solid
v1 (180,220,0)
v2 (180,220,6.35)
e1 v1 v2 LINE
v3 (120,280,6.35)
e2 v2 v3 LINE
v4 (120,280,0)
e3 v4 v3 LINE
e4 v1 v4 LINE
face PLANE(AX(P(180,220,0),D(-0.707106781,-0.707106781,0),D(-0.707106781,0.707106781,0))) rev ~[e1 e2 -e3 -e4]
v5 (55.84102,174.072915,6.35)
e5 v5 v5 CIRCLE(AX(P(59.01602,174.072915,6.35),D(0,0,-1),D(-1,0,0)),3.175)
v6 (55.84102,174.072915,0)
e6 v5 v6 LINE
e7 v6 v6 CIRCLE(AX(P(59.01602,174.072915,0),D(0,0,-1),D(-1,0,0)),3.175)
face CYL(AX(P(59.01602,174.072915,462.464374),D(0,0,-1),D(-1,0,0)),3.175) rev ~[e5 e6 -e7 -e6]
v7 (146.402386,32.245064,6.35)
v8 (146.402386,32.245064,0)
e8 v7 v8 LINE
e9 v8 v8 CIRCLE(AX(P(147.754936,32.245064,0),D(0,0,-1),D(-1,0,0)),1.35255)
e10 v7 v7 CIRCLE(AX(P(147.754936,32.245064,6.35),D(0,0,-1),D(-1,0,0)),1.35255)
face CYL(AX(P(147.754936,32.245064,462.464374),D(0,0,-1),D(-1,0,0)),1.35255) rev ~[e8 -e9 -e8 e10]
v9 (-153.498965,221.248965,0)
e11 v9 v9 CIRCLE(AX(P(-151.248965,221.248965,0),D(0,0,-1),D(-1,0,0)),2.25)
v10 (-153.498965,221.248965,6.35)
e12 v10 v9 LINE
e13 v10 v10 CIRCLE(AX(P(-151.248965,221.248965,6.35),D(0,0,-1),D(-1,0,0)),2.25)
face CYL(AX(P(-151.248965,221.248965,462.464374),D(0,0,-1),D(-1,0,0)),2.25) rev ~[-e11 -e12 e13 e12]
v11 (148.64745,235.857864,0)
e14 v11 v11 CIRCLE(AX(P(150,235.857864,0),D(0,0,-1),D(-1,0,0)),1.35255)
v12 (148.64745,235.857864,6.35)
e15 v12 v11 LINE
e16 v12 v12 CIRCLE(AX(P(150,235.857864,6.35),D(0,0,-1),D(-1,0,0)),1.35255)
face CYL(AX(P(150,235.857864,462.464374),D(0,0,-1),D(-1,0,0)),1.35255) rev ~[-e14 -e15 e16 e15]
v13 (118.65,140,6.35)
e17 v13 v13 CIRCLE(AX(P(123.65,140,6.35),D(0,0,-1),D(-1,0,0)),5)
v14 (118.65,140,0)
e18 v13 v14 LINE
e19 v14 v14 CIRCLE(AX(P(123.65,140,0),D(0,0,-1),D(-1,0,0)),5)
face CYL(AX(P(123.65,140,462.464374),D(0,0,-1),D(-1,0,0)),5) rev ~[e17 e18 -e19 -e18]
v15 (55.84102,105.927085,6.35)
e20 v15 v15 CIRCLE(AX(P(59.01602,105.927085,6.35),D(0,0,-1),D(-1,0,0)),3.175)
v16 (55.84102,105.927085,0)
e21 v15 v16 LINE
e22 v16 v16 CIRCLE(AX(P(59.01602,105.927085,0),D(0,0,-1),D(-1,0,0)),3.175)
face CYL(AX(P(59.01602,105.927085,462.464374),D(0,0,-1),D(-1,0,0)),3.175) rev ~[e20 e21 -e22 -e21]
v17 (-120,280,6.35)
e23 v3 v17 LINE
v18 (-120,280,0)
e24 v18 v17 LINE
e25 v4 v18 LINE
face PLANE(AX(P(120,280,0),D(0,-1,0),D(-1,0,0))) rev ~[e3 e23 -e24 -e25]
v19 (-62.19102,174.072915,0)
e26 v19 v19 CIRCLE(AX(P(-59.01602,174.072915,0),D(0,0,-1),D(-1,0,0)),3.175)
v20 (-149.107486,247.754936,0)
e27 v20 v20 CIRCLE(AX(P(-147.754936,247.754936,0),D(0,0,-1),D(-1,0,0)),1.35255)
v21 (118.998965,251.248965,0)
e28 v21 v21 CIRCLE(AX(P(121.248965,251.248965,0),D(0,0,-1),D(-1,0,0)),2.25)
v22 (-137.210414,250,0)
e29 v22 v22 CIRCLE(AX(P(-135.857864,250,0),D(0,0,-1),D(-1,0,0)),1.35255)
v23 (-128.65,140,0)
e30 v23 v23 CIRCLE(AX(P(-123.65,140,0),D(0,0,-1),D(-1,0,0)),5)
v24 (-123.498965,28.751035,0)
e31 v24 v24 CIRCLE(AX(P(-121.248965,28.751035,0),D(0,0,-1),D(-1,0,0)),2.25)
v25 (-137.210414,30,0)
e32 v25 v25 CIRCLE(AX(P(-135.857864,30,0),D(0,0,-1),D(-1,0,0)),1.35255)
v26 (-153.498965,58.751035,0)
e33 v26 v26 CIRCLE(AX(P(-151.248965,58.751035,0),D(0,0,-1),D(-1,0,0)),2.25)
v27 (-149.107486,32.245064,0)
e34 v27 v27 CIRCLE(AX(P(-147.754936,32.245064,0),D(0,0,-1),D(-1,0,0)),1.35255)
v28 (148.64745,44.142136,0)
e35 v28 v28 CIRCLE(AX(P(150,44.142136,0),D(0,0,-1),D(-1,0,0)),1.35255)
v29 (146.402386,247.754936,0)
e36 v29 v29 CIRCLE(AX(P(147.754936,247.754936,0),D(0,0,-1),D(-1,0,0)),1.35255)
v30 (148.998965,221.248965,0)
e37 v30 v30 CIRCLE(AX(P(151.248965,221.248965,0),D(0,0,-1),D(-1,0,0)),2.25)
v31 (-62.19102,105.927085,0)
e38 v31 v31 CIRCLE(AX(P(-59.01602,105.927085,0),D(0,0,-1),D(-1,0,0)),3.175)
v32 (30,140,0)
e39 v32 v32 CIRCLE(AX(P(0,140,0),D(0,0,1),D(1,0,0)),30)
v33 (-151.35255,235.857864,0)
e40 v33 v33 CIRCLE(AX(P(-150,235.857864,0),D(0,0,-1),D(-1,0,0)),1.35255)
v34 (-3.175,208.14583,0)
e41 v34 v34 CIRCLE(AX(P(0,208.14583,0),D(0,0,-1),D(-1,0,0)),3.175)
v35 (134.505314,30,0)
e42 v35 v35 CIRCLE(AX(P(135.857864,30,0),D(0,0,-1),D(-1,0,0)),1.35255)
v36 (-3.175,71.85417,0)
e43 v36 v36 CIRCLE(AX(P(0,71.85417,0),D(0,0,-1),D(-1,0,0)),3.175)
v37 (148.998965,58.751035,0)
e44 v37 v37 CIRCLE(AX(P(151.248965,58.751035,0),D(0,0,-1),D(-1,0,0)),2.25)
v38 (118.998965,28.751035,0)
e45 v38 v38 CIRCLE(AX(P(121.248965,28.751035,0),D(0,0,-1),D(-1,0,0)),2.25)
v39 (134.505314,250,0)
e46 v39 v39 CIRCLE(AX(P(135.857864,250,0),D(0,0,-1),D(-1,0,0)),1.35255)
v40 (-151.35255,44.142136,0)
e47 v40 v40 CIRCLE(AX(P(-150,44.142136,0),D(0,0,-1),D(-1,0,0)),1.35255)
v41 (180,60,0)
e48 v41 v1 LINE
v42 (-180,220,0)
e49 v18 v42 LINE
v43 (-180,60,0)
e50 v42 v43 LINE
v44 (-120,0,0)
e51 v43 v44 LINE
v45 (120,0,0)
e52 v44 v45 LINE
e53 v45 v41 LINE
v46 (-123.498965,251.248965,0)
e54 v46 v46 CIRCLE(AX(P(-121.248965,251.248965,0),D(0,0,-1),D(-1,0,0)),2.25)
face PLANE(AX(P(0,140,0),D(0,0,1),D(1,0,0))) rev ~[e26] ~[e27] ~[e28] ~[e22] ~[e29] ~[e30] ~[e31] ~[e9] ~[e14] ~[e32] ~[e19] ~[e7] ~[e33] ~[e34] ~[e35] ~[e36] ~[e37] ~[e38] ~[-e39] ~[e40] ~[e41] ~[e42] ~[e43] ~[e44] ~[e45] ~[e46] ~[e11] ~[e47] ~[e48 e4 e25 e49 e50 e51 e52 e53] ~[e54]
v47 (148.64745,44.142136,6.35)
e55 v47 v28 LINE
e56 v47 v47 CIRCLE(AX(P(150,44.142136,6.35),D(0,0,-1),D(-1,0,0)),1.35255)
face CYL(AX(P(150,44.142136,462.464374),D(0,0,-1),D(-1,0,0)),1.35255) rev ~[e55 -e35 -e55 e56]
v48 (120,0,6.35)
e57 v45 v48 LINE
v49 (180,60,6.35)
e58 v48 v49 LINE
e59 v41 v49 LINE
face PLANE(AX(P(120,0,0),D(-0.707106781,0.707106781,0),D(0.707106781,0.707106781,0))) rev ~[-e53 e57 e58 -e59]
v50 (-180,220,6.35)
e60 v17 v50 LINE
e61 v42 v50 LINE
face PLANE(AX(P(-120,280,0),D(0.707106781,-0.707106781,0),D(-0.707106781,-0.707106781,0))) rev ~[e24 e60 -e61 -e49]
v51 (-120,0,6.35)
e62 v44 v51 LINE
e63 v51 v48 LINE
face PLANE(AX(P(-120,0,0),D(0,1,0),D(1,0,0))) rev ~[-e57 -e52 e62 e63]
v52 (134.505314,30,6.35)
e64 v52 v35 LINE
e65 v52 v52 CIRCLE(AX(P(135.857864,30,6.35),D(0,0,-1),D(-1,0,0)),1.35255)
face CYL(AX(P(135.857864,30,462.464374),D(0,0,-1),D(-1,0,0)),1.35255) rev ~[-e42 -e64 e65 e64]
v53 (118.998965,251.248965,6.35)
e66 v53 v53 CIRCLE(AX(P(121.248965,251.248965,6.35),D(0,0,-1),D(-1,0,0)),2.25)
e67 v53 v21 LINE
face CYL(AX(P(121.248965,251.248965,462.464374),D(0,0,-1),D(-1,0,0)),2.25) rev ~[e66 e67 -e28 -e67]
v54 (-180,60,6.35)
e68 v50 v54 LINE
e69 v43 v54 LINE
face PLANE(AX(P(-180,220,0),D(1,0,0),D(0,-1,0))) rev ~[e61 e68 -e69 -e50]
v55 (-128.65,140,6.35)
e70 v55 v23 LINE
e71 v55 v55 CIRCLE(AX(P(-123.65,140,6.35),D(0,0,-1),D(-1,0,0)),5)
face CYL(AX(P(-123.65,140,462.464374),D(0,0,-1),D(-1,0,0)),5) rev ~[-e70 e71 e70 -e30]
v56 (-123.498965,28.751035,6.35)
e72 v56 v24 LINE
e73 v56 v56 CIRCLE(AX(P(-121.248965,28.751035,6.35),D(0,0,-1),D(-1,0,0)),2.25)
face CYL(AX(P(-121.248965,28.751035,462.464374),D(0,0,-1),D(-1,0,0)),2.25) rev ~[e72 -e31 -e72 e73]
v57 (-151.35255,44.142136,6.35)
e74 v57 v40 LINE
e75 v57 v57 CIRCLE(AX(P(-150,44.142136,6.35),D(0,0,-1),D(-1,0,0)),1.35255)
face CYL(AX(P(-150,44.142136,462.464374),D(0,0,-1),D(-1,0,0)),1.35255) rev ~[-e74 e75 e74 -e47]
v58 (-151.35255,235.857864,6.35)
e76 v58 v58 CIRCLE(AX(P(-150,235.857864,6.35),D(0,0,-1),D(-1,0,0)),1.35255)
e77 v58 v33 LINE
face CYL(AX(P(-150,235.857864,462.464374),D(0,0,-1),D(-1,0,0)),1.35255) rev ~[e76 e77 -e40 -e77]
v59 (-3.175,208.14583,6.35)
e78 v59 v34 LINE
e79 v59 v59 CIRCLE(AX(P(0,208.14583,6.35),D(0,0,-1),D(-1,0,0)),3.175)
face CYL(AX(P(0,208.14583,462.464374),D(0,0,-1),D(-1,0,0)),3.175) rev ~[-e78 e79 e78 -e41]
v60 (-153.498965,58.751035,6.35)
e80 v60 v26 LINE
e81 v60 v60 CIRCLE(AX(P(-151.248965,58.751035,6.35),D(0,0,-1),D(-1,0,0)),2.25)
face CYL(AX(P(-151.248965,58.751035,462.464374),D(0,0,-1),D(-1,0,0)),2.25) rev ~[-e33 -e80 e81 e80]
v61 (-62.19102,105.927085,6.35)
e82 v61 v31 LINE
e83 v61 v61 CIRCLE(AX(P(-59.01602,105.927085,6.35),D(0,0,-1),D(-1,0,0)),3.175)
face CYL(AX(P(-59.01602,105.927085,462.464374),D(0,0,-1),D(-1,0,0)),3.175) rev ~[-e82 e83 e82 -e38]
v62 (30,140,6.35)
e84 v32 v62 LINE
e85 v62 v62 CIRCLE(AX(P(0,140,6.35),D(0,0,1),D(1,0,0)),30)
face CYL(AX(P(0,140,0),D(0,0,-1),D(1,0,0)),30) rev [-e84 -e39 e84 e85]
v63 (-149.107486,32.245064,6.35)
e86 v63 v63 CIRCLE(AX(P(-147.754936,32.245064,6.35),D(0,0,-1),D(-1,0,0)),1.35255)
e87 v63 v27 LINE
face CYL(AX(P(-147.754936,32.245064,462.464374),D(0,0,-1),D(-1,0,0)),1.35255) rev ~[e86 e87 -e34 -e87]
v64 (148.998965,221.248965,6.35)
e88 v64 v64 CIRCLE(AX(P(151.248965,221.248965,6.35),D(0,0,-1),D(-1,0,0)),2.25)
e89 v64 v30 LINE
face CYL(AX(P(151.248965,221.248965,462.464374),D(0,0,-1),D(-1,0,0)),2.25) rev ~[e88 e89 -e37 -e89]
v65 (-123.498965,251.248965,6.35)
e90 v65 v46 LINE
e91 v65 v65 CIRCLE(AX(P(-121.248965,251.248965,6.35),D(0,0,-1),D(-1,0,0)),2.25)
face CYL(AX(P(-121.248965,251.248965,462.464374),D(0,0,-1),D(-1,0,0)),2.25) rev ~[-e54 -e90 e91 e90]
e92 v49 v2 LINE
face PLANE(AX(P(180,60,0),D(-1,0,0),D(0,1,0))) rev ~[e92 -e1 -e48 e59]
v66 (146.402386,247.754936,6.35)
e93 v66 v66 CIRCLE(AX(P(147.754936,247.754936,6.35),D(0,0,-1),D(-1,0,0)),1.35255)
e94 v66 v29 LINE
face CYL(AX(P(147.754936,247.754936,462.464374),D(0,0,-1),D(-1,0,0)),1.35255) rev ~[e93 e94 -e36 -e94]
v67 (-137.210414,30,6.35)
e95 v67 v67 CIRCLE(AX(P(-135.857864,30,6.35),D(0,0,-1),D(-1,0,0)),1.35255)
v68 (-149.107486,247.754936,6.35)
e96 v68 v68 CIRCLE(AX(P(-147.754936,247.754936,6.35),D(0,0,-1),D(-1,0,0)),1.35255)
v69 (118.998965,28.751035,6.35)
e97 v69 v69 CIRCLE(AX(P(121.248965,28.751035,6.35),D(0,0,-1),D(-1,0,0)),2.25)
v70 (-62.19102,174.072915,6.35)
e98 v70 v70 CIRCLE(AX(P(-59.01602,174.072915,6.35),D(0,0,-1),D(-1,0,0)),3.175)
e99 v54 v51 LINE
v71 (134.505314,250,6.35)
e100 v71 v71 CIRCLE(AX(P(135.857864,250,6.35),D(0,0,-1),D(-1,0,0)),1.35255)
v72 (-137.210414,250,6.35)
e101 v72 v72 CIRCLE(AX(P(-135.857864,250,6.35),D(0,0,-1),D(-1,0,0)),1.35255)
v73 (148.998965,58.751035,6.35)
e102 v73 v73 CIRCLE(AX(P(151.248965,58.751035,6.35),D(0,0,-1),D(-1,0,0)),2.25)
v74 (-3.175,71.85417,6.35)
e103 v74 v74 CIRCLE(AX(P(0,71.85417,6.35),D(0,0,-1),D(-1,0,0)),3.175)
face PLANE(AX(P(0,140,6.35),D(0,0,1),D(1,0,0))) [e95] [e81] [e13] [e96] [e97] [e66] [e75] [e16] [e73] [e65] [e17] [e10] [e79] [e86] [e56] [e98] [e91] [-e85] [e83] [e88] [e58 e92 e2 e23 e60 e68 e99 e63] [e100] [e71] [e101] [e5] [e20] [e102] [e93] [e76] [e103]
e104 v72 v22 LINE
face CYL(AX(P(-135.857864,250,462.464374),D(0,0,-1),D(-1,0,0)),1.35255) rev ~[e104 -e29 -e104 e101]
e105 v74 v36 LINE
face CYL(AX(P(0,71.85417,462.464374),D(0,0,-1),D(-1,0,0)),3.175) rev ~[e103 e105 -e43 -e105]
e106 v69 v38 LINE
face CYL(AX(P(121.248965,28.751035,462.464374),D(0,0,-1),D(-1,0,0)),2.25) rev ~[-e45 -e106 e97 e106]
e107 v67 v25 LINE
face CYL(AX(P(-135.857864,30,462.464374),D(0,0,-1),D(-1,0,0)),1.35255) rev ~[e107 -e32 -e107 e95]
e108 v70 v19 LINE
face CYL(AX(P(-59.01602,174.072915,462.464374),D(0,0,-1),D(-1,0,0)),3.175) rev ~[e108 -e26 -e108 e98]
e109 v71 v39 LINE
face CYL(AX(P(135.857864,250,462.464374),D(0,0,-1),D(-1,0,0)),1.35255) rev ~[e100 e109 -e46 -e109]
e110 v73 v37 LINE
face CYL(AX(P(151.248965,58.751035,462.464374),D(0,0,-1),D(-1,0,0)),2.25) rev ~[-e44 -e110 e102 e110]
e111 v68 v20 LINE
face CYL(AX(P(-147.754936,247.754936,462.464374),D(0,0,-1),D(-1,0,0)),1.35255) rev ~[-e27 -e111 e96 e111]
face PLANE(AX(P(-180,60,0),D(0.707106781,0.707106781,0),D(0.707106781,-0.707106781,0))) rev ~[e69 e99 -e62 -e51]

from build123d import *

# Parameters (mm, degrees)
F0_R     = 30
F1_DEPTH = 6.35
F3_D     = 10
F5_D     = 4.5
F6_D     = 2.7051
F7_D     = 2.7051
F9_D     = 6.35
F10_D    = 2.7051


with BuildPart() as f1:
    # F0 (on Top) → F1 (new body)
    with BuildSketch(Plane.XY):
        Polygon((-180, 60), (-120, 0), (120, 0), (180, 60), (180, 220), (120, 280), (-120, 280), (-180, 220), align=None)
        with Locations((0, 140)):
            Circle(F0_R, mode=Mode.SUBTRACT)
    extrude(amount=F1_DEPTH)

    # F3 (through all)
    with Locations(Plane.XY.offset(6.35)):
        with Locations((-123.65, 140), (123.65, 140)):
            Hole(F3_D / 2)

    # F5 (through all)
    with Locations(Plane.XY.offset(6.35)):
        with Locations((-121.2489651369, 251.2489651369), (-151.2489651369, 221.2489651369), (-151.2489651369, 58.7510348631), (-121.2489651369, 28.7510348631), (121.2489651369, 28.7510348631), (151.2489651369, 58.7510348631), (151.2489651369, 221.2489651369), (121.2489651369, 251.2489651369)):
            Hole(F5_D / 2)

    # F6 (through all)
    with Locations(Plane.XY.offset(6.35)):
        with Locations((-150, 235.8578643763), (-135.8578643763, 250)):
            Hole(F6_D / 2)

    # F7 (through all)
    with Locations(Plane.XY.offset(6.35)):
        with Locations((-150, 44.1421356237), (-135.8578643763, 30), (135.8578643763, 250), (150, 235.8578643763), (135.8578643763, 30), (150, 44.1421356237)):
            Hole(F7_D / 2)

    # F9 (through all)
    with Locations(Plane.XY.offset(6.35)):
        with Locations((0, 208.14583), (59.016019942, 174.072915), (-59.016019942, 174.072915), (-59.016019942, 105.927085), (0, 71.85417), (59.016019942, 105.927085)):
            Hole(F9_D / 2)

    # F10 (through all)
    with Locations(Plane.XY.offset(6.35)):
        with Locations((147.7549359697, 247.7549359697), (147.7549359697, 32.2450640303), (-147.7549359697, 32.2450640303), (-147.7549359697, 247.7549359697)):
            Hole(F10_D / 2)


solid = f1.part
